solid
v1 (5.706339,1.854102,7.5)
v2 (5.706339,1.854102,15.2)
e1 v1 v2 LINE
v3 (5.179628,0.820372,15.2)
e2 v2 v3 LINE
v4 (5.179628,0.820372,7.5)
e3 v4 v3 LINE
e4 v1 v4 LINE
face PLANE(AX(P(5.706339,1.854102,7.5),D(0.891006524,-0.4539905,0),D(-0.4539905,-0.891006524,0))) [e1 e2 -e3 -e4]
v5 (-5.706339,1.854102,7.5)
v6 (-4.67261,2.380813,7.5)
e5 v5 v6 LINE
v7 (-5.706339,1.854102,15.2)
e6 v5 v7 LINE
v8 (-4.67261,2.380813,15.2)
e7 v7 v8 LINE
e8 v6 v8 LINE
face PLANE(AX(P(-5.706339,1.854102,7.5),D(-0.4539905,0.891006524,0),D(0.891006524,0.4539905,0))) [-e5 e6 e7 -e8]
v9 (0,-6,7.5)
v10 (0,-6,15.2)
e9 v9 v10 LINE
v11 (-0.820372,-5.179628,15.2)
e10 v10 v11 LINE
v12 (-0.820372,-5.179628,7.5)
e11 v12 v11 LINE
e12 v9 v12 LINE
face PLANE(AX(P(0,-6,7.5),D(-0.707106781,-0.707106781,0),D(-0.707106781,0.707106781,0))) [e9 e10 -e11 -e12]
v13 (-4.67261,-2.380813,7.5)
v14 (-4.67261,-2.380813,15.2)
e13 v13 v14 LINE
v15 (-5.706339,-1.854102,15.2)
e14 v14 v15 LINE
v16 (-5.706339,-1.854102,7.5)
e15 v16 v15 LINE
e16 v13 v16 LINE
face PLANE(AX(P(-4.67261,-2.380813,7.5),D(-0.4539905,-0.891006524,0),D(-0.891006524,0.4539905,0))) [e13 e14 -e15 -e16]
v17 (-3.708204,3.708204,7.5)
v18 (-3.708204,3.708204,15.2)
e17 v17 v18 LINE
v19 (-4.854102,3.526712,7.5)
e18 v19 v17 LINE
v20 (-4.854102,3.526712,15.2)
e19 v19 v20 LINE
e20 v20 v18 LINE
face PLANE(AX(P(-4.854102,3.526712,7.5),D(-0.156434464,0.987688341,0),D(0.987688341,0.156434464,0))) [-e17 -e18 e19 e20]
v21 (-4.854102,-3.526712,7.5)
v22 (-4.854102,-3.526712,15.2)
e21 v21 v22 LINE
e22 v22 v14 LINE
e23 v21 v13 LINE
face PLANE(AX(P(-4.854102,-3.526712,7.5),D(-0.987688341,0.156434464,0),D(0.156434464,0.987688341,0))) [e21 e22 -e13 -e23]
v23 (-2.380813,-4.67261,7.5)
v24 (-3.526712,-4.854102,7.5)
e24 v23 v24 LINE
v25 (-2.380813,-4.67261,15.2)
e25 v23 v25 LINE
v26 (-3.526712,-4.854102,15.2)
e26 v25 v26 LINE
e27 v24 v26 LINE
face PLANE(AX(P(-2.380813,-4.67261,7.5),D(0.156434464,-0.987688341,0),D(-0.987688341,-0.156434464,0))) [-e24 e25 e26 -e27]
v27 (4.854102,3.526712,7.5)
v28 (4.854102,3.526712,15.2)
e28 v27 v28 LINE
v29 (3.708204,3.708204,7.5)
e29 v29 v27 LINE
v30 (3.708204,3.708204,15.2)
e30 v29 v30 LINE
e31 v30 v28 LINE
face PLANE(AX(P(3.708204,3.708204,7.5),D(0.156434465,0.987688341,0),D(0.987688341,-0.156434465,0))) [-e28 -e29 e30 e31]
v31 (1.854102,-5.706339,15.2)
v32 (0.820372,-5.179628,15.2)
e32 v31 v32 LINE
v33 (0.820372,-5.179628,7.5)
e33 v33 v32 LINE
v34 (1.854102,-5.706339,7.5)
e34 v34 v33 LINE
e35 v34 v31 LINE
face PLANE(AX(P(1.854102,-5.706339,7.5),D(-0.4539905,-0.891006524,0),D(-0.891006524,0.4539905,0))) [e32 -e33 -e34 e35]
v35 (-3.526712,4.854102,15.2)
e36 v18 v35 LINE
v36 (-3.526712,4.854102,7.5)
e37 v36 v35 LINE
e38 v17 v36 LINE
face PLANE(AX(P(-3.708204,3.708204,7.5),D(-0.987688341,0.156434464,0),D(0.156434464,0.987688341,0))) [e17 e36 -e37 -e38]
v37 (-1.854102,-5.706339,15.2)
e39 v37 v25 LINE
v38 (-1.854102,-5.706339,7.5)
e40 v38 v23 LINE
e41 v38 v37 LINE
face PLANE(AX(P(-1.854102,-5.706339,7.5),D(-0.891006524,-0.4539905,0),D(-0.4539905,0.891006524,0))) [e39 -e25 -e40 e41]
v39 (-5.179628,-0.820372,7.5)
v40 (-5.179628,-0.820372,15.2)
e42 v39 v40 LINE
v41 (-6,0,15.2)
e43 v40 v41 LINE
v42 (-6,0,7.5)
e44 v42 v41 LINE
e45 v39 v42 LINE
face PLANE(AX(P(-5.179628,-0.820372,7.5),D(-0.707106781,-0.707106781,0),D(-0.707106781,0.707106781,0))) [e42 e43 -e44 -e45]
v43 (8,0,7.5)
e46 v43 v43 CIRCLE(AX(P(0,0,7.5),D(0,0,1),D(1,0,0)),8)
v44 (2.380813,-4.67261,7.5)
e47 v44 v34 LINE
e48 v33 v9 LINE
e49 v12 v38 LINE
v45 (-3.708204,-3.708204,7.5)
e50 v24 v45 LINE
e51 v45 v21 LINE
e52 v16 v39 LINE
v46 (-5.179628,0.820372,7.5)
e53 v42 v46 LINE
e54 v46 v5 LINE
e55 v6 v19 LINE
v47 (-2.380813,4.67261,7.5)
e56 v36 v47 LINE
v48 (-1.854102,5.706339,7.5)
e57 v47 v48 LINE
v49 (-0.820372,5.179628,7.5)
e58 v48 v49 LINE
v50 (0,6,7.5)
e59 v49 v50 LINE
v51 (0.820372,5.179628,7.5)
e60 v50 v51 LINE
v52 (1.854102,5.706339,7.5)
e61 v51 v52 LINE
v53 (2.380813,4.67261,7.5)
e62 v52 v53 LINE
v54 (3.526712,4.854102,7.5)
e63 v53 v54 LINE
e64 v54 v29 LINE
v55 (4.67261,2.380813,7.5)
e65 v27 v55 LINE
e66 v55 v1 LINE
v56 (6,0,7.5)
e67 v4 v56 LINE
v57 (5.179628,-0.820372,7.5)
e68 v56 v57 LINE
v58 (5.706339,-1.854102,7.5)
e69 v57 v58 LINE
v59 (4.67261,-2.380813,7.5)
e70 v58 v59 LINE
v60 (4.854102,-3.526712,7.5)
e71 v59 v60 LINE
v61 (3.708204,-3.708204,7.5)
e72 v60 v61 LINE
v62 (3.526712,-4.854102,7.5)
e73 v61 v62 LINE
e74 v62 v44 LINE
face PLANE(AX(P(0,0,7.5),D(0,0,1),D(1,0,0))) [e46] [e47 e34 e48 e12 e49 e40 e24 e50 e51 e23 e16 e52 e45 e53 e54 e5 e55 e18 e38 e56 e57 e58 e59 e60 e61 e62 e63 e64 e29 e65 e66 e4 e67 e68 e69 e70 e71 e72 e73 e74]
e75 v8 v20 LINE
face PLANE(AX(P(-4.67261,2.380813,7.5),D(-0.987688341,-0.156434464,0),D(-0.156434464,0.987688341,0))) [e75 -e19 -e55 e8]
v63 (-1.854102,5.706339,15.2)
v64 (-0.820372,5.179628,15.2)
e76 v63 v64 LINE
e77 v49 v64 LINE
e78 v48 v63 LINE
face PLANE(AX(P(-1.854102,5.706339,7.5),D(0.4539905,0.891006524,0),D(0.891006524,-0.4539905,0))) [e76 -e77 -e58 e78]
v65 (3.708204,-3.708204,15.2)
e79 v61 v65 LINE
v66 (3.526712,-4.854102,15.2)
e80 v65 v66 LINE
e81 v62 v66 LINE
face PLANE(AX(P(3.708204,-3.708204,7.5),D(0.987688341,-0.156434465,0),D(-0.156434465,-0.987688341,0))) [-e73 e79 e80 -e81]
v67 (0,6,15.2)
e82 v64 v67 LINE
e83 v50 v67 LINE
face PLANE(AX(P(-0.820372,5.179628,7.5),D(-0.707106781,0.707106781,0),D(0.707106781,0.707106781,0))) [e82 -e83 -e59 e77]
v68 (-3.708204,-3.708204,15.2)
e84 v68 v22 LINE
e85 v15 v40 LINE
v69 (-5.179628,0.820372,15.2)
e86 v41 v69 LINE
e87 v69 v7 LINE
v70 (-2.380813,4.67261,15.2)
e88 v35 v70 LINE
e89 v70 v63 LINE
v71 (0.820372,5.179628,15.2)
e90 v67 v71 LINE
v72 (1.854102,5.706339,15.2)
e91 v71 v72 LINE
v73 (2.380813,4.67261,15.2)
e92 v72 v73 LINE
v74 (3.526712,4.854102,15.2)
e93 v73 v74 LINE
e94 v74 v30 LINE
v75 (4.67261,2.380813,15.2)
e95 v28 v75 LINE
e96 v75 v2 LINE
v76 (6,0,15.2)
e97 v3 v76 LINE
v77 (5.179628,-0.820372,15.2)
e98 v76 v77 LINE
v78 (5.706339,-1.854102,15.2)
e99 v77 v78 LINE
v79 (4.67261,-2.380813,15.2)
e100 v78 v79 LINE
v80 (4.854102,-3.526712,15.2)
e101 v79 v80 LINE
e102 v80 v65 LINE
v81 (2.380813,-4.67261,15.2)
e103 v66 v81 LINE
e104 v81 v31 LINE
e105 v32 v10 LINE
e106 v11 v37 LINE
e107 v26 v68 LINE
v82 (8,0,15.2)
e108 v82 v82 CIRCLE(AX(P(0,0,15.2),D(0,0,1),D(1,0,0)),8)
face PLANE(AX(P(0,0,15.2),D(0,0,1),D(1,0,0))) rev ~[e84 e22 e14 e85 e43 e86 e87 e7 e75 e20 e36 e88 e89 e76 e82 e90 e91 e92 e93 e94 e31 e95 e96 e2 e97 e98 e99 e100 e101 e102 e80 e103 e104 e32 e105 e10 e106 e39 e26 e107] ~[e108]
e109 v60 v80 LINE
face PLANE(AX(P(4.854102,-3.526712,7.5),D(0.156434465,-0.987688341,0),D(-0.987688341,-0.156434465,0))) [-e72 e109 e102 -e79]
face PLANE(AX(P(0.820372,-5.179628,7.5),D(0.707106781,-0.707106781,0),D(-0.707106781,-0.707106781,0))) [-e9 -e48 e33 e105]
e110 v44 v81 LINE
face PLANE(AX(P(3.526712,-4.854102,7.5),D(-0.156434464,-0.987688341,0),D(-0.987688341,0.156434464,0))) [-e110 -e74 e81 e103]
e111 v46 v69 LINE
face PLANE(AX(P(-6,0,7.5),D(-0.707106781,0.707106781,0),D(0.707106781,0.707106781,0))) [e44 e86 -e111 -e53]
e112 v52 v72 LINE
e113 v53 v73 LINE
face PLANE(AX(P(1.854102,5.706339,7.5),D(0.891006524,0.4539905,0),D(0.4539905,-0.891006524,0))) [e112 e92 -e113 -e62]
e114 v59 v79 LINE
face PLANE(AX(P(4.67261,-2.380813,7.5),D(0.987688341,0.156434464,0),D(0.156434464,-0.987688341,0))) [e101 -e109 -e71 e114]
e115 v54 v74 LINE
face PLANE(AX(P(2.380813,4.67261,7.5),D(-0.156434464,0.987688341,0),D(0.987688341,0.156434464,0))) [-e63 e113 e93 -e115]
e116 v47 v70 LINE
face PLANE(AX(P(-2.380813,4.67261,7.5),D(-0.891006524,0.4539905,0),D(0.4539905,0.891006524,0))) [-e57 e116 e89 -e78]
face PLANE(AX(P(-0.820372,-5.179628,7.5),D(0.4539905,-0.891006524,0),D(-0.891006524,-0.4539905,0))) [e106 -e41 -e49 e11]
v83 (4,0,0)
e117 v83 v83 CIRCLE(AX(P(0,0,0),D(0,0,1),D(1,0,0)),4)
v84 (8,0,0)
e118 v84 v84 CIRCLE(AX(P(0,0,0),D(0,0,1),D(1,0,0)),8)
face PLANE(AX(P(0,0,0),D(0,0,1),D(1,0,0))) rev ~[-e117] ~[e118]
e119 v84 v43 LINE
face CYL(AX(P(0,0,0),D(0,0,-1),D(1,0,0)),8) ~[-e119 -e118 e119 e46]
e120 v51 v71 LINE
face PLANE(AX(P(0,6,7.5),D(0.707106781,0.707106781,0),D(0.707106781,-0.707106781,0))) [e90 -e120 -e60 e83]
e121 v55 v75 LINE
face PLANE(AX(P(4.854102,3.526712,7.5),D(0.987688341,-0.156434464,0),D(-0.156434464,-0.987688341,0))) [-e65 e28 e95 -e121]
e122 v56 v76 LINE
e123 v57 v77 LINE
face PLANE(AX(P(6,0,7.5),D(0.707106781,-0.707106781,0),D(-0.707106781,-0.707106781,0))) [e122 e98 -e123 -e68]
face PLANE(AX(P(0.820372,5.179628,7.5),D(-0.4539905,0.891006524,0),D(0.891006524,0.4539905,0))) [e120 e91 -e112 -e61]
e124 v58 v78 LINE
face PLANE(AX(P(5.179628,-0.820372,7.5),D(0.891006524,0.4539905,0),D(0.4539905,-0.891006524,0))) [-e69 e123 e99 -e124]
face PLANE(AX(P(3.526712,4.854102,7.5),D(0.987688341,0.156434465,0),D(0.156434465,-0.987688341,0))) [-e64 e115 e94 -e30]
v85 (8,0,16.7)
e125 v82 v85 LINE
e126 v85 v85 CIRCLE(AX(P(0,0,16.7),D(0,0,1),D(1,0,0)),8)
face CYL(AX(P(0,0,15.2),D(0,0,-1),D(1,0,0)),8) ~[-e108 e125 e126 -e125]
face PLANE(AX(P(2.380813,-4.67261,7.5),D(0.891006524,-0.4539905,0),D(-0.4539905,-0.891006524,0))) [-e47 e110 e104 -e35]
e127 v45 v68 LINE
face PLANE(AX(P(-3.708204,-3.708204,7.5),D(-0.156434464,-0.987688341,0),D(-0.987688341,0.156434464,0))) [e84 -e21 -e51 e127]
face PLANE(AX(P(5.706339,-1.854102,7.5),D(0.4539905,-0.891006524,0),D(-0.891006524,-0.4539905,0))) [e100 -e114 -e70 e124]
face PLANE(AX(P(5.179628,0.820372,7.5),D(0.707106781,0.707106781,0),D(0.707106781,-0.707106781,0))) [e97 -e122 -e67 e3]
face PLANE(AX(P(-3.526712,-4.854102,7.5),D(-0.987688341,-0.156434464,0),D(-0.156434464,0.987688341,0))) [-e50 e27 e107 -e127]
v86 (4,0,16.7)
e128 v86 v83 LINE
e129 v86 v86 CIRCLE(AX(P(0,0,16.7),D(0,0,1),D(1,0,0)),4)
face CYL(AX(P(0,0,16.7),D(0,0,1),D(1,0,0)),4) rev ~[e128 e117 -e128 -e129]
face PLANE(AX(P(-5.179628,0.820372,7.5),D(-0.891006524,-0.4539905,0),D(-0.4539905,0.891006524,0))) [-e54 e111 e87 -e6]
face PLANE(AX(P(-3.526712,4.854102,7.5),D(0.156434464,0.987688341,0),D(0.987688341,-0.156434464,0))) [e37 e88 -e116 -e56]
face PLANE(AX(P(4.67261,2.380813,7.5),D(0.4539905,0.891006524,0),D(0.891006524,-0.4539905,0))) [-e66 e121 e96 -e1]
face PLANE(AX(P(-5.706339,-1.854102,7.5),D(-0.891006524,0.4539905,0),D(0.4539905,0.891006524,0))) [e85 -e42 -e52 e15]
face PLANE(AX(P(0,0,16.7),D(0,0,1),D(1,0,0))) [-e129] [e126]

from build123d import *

# Parameters (mm, degrees)
SKETCH1_R           = 8
BOSS_EXTRUDE1_DEPTH = 7.5
BOSS_EXTRUDE2_DEPTH = 7.7
SKETCH3_R           = 8
BOSS_EXTRUDE3_DEPTH = 1.5
SKETCH4_R           = 4
CUT_EXTRUDE2_DEPTH  = 17.5


with BuildPart() as part:
    # Sketch1 → Boss-Extrude1 (new body)
    with BuildSketch(Plane.XY):
        Circle(SKETCH1_R)
    extrude(amount=BOSS_EXTRUDE1_DEPTH)

    # Sketch2 → Boss-Extrude2 (add)
    with BuildSketch(Plane.XY.offset(7.5)):
        Polygon((-0.820372416, 5.179627584), (0, 6), (0.820372416, 5.179627584), (1.854101966, 5.706339098), (2.38081348, 4.672609548), (3.526711514, 4.854101966), (3.708203932, 3.708203933), (4.854101966, 3.526711514), (4.672609548, 2.38081348), (5.706339098, 1.854101966), (5.179627584, 0.820372416), (6, 0), (5.179627584, -0.820372416), (5.706339098, -1.854101966), (4.672609548, -2.38081348), (4.854101966, -3.526711514), (3.708203933, -3.708203932), (3.526711514, -4.854101966), (2.38081348, -4.672609548), (1.854101966, -5.706339098), (0.820372416, -5.179627584), (0, -6), (-0.820372416, -5.179627584), (-1.854101966, -5.706339098), (-2.38081348, -4.672609548), (-3.526711514, -4.854101966), (-3.708203932, -3.708203932), (-4.854101966, -3.526711514), (-4.672609548, -2.38081348), (-5.706339098, -1.854101966), (-5.179627584, -0.820372416), (-6, 0), (-5.179627584, 0.820372416), (-5.706339098, 1.854101966), (-4.672609548, 2.38081348), (-4.854101966, 3.526711514), (-3.708203932, 3.708203932), (-3.526711514, 4.854101966), (-2.38081348, 4.672609548), (-1.854101966, 5.706339098), align=None)
    extrude(amount=BOSS_EXTRUDE2_DEPTH)

    # Sketch3 → Boss-Extrude3 (add)
    with BuildSketch(Plane.XY.offset(15.2)):
        Circle(SKETCH3_R)
    extrude(amount=BOSS_EXTRUDE3_DEPTH)

    # Sketch4 → Cut-Extrude2 (cut)
    with BuildSketch(Plane.XY.offset(16.7)):
        Circle(SKETCH4_R)
    extrude(amount=-CUT_EXTRUDE2_DEPTH, mode=Mode.SUBTRACT)


solid = part.part
